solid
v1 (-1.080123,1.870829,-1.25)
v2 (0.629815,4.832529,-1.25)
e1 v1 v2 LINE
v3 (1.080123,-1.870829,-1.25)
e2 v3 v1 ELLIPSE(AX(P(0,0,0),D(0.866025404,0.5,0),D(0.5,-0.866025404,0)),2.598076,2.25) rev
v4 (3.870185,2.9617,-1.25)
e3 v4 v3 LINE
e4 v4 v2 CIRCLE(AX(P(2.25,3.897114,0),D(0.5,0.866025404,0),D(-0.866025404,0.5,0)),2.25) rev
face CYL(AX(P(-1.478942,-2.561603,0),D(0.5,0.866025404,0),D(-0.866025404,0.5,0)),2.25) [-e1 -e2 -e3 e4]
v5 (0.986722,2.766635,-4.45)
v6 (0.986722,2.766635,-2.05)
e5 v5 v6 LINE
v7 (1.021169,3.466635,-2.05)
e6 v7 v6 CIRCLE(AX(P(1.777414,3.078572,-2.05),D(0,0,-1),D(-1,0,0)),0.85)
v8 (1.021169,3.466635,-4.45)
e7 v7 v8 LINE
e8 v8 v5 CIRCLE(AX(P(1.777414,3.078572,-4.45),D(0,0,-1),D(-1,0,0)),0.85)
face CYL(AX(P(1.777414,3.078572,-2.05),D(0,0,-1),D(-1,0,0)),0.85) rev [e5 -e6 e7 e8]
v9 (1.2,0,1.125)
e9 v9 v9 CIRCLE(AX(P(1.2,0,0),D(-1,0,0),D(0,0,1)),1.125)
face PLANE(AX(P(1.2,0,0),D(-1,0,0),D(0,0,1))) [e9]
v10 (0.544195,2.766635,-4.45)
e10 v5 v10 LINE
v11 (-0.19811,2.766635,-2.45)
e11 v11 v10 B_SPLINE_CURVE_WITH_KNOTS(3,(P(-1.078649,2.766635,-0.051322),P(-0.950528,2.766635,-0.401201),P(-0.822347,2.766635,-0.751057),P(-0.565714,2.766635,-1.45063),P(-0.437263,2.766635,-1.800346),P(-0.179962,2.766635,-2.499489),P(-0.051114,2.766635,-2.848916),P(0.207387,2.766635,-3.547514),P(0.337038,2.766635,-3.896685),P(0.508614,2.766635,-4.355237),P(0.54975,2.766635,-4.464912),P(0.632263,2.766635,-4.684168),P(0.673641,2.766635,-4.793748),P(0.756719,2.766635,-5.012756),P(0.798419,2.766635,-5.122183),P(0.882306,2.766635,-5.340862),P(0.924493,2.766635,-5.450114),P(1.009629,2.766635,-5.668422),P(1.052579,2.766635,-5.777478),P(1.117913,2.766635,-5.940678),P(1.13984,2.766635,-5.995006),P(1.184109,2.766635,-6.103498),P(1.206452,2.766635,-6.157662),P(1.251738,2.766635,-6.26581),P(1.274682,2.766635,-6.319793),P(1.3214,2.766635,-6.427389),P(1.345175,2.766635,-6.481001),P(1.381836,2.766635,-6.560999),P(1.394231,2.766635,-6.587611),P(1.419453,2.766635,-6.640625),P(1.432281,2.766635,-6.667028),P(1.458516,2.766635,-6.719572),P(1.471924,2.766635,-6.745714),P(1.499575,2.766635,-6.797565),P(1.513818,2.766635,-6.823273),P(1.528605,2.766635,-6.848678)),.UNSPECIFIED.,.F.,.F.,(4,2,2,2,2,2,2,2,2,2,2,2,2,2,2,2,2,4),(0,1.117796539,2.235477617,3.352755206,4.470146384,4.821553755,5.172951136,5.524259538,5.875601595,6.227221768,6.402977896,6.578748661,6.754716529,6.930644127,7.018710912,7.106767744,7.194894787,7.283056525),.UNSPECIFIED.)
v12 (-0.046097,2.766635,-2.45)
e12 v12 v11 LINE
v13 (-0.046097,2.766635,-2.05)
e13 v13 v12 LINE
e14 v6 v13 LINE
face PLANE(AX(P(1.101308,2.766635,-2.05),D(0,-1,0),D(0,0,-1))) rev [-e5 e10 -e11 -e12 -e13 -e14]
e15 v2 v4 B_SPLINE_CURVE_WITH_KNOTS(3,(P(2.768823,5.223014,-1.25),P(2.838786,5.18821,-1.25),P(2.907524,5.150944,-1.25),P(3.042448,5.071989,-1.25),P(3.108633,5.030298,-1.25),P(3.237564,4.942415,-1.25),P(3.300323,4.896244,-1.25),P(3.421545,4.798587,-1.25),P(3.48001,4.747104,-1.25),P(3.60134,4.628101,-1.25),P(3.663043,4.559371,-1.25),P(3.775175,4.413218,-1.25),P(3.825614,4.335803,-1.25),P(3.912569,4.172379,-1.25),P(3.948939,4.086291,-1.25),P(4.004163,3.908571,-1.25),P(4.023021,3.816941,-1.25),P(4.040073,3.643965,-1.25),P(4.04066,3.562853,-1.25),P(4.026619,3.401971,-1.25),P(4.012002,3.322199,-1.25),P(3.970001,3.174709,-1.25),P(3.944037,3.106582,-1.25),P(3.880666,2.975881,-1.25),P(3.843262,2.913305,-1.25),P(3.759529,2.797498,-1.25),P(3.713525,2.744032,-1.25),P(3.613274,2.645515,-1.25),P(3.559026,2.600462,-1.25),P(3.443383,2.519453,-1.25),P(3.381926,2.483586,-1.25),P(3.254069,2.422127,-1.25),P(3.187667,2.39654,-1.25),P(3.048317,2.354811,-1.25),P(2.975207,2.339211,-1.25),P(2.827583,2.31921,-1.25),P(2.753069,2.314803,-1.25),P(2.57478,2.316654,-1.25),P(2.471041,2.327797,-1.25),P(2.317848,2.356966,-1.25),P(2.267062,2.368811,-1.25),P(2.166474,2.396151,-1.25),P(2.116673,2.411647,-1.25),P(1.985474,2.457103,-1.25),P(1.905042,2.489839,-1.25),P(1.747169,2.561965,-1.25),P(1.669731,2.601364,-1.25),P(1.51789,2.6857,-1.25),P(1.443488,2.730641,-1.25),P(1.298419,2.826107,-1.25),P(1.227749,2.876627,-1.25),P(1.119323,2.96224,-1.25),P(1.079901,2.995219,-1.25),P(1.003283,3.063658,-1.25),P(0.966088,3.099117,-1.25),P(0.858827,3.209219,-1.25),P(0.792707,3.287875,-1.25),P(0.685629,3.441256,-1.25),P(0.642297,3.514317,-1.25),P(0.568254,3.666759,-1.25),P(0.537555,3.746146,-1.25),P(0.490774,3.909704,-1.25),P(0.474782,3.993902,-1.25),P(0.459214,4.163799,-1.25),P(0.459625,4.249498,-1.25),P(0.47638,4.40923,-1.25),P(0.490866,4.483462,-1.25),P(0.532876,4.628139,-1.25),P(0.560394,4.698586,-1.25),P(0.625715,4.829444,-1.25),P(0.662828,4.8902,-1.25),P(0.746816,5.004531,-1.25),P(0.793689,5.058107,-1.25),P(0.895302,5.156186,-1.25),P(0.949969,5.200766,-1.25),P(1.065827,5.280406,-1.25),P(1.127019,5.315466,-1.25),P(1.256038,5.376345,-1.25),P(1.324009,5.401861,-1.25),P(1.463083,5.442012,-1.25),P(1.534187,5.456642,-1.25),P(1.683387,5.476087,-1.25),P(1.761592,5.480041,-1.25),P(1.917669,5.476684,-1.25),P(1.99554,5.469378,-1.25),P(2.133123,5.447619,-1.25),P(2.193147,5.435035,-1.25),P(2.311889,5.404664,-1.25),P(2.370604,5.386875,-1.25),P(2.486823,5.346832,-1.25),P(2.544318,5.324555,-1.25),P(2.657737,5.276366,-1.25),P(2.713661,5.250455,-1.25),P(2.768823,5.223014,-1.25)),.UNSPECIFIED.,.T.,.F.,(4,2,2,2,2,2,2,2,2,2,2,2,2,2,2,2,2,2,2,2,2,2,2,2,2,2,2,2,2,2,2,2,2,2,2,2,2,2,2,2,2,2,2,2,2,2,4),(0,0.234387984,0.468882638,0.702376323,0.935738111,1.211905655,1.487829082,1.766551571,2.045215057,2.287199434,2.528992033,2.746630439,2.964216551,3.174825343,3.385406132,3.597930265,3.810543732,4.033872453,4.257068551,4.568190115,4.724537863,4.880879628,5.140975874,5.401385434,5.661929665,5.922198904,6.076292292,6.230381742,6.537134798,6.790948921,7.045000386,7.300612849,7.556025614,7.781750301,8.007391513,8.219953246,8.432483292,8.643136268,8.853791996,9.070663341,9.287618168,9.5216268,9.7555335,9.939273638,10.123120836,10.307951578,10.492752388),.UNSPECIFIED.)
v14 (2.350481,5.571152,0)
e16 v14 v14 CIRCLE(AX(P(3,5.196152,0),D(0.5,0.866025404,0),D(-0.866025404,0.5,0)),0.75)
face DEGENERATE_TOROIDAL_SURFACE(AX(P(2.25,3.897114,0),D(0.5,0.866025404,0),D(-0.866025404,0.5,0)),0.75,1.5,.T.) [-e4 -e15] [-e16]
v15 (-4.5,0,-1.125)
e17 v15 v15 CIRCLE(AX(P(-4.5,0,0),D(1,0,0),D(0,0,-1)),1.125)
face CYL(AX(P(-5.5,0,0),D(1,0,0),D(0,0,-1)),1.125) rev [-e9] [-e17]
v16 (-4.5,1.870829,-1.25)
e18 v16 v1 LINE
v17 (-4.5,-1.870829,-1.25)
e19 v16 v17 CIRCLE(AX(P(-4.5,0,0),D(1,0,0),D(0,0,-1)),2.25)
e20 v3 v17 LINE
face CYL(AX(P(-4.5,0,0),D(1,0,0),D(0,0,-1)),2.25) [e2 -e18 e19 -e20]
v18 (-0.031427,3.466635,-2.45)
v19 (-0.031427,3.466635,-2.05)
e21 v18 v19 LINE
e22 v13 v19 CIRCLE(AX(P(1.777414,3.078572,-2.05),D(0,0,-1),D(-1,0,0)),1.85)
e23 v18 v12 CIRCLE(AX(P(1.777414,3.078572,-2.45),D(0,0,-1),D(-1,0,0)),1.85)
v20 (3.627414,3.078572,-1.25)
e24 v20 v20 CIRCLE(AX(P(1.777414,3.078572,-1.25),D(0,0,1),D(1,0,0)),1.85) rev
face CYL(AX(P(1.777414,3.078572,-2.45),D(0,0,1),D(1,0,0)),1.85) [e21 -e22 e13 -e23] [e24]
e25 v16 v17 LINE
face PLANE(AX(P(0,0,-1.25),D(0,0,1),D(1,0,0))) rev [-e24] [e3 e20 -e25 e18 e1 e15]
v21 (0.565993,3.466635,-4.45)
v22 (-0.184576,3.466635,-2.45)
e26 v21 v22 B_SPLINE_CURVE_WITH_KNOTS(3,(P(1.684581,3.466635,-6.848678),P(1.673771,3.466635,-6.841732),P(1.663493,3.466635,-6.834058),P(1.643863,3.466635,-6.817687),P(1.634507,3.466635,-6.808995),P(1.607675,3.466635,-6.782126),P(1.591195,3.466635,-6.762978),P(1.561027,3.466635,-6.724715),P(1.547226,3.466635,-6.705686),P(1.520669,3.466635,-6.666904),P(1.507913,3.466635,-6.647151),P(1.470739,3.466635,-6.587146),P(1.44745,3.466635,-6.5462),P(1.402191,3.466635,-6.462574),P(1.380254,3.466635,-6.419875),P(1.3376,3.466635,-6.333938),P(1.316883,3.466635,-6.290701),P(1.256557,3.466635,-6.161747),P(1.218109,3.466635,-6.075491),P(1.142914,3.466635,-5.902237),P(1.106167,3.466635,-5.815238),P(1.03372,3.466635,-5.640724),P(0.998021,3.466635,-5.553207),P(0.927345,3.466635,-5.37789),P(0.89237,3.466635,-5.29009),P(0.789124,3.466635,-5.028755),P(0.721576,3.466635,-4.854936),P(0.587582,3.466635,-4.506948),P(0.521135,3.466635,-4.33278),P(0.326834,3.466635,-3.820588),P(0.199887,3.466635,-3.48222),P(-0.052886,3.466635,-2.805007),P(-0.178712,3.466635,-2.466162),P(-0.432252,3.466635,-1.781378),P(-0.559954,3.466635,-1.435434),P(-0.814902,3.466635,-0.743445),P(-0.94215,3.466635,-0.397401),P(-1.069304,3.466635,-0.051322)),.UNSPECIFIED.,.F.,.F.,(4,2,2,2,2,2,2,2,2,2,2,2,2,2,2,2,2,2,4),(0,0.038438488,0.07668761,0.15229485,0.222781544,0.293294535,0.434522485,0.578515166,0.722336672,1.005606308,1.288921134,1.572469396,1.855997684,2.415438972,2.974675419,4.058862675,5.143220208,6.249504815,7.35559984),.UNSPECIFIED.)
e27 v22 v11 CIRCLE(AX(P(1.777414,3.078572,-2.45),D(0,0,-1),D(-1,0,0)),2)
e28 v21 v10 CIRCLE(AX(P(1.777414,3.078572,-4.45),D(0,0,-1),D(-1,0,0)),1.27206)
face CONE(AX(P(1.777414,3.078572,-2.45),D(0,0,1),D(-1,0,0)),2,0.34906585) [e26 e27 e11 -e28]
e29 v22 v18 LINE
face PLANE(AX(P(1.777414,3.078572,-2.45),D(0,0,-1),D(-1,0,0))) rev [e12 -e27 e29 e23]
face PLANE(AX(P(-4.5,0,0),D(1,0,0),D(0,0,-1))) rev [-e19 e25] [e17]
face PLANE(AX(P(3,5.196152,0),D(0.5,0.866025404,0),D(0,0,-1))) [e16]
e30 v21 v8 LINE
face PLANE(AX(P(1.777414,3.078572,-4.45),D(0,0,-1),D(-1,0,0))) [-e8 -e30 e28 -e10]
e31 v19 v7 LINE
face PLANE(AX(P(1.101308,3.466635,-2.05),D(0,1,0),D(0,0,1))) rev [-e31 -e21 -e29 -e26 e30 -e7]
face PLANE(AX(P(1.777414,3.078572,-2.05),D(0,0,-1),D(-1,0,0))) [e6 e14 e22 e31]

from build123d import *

# Parameters (mm, degrees)
SKETCH3_R           = 2.25
FILLET2_R           = 1.5
SKETCH4_R           = 1.125
SKETCH6_W           = 9.297020352
SKETCH6_H           = 8.256436423
CUT_EXTRUDE1_DEPTH  = 3
SKETCH7_R           = 1.85
BOSS_EXTRUDE2_DEPTH = 1.2
SKETCH8_R           = 2
BOSS_EXTRUDE3_DEPTH = 2
BOSS_EXTRUDE3_TAPER = 20
SKETCH9_R           = 0.85
CUT_EXTRUDE2_DEPTH  = 2.4
SKETCH10_W          = 1.535398486
SKETCH10_H          = 0.7
CUT_EXTRUDE3_DEPTH  = 2.4


with BuildPart() as part:
    # Sweep1: sweep along a path in Sketch2
    with BuildLine(Plane.XY) as sweep1_path:
        Line((-4.5, 0), (0, 0))
        Line((0, 0), (3, 5.196152423))
    # Sketch3 → Sweep1 (sweep)
    with BuildSketch(Plane(origin=(-4.5, 0, 0), x_dir=(0, 0, -1), z_dir=(1, 0, 0))):
        Circle(SKETCH3_R)
    sweep(path=sweep1_path.line, transition=Transition.RIGHT)

    # Fillet2
    fillet2_edges = [part.edges().sort_by_distance(p)[0] for p in [
        (3, 5.196152423, 2.25),
    ]]
    fillet(fillet2_edges, radius=FILLET2_R)

    # Cut-Sweep1: sweep along a path in Sketch5
    with BuildLine(Plane.XY) as cut_sweep1_path:
        Line((-4.5, 0), (1.2, 0))
    # Sketch4 → Cut-Sweep1 (sweep, cut)
    with BuildSketch(Plane.ZY.offset(4.5)):
        Circle(SKETCH4_R)
    sweep(path=cut_sweep1_path.line, mode=Mode.SUBTRACT)

    # Sketch6 → Cut-Extrude1 (cut)
    with BuildSketch(Plane.XY.offset(-1.25)):
        with Locations((-0.019421036, 1.725207659)):
            Rectangle(SKETCH6_W, SKETCH6_H)
    extrude(amount=-CUT_EXTRUDE1_DEPTH, mode=Mode.SUBTRACT)

    # Sketch7 → Boss-Extrude2 (add)
    with BuildSketch(Plane(origin=(0, 0, -1.25), x_dir=(-1, 0, 0), z_dir=(0, 0, -1))):
        with Locations(Location((-1.777414459, 3.078572149, 0), (0, 0, 180))):
            Circle(SKETCH7_R)
    extrude(amount=BOSS_EXTRUDE2_DEPTH)

    # Sketch8 → Boss-Extrude3 (add)
    with BuildSketch(Plane(origin=(0, 0, -2.45), x_dir=(-1, 0, 0), z_dir=(0, 0, -1))):
        with Locations((-1.777414459, 3.078572149)):
            Circle(SKETCH8_R)
    extrude(amount=BOSS_EXTRUDE3_DEPTH, taper=BOSS_EXTRUDE3_TAPER)

    # Sketch9 → Cut-Extrude2 (cut)
    with BuildSketch(Plane(origin=(0, 0, -4.45), x_dir=(-1, 0, 0), z_dir=(0, 0, -1))):
        with Locations((-1.777414459, 3.078572149)):
            Circle(SKETCH9_R)
    extrude(amount=-CUT_EXTRUDE2_DEPTH, mode=Mode.SUBTRACT)

    # Sketch10 → Cut-Extrude3 (cut)
    with BuildSketch(Plane(origin=(0, 0, -4.45), x_dir=(-1, 0, 0), z_dir=(0, 0, -1))):
        with Locations((-0.333609148, 3.11663504)):
            Rectangle(SKETCH10_W, SKETCH10_H)
    extrude(amount=-CUT_EXTRUDE3_DEPTH, mode=Mode.SUBTRACT)


solid = part.part
